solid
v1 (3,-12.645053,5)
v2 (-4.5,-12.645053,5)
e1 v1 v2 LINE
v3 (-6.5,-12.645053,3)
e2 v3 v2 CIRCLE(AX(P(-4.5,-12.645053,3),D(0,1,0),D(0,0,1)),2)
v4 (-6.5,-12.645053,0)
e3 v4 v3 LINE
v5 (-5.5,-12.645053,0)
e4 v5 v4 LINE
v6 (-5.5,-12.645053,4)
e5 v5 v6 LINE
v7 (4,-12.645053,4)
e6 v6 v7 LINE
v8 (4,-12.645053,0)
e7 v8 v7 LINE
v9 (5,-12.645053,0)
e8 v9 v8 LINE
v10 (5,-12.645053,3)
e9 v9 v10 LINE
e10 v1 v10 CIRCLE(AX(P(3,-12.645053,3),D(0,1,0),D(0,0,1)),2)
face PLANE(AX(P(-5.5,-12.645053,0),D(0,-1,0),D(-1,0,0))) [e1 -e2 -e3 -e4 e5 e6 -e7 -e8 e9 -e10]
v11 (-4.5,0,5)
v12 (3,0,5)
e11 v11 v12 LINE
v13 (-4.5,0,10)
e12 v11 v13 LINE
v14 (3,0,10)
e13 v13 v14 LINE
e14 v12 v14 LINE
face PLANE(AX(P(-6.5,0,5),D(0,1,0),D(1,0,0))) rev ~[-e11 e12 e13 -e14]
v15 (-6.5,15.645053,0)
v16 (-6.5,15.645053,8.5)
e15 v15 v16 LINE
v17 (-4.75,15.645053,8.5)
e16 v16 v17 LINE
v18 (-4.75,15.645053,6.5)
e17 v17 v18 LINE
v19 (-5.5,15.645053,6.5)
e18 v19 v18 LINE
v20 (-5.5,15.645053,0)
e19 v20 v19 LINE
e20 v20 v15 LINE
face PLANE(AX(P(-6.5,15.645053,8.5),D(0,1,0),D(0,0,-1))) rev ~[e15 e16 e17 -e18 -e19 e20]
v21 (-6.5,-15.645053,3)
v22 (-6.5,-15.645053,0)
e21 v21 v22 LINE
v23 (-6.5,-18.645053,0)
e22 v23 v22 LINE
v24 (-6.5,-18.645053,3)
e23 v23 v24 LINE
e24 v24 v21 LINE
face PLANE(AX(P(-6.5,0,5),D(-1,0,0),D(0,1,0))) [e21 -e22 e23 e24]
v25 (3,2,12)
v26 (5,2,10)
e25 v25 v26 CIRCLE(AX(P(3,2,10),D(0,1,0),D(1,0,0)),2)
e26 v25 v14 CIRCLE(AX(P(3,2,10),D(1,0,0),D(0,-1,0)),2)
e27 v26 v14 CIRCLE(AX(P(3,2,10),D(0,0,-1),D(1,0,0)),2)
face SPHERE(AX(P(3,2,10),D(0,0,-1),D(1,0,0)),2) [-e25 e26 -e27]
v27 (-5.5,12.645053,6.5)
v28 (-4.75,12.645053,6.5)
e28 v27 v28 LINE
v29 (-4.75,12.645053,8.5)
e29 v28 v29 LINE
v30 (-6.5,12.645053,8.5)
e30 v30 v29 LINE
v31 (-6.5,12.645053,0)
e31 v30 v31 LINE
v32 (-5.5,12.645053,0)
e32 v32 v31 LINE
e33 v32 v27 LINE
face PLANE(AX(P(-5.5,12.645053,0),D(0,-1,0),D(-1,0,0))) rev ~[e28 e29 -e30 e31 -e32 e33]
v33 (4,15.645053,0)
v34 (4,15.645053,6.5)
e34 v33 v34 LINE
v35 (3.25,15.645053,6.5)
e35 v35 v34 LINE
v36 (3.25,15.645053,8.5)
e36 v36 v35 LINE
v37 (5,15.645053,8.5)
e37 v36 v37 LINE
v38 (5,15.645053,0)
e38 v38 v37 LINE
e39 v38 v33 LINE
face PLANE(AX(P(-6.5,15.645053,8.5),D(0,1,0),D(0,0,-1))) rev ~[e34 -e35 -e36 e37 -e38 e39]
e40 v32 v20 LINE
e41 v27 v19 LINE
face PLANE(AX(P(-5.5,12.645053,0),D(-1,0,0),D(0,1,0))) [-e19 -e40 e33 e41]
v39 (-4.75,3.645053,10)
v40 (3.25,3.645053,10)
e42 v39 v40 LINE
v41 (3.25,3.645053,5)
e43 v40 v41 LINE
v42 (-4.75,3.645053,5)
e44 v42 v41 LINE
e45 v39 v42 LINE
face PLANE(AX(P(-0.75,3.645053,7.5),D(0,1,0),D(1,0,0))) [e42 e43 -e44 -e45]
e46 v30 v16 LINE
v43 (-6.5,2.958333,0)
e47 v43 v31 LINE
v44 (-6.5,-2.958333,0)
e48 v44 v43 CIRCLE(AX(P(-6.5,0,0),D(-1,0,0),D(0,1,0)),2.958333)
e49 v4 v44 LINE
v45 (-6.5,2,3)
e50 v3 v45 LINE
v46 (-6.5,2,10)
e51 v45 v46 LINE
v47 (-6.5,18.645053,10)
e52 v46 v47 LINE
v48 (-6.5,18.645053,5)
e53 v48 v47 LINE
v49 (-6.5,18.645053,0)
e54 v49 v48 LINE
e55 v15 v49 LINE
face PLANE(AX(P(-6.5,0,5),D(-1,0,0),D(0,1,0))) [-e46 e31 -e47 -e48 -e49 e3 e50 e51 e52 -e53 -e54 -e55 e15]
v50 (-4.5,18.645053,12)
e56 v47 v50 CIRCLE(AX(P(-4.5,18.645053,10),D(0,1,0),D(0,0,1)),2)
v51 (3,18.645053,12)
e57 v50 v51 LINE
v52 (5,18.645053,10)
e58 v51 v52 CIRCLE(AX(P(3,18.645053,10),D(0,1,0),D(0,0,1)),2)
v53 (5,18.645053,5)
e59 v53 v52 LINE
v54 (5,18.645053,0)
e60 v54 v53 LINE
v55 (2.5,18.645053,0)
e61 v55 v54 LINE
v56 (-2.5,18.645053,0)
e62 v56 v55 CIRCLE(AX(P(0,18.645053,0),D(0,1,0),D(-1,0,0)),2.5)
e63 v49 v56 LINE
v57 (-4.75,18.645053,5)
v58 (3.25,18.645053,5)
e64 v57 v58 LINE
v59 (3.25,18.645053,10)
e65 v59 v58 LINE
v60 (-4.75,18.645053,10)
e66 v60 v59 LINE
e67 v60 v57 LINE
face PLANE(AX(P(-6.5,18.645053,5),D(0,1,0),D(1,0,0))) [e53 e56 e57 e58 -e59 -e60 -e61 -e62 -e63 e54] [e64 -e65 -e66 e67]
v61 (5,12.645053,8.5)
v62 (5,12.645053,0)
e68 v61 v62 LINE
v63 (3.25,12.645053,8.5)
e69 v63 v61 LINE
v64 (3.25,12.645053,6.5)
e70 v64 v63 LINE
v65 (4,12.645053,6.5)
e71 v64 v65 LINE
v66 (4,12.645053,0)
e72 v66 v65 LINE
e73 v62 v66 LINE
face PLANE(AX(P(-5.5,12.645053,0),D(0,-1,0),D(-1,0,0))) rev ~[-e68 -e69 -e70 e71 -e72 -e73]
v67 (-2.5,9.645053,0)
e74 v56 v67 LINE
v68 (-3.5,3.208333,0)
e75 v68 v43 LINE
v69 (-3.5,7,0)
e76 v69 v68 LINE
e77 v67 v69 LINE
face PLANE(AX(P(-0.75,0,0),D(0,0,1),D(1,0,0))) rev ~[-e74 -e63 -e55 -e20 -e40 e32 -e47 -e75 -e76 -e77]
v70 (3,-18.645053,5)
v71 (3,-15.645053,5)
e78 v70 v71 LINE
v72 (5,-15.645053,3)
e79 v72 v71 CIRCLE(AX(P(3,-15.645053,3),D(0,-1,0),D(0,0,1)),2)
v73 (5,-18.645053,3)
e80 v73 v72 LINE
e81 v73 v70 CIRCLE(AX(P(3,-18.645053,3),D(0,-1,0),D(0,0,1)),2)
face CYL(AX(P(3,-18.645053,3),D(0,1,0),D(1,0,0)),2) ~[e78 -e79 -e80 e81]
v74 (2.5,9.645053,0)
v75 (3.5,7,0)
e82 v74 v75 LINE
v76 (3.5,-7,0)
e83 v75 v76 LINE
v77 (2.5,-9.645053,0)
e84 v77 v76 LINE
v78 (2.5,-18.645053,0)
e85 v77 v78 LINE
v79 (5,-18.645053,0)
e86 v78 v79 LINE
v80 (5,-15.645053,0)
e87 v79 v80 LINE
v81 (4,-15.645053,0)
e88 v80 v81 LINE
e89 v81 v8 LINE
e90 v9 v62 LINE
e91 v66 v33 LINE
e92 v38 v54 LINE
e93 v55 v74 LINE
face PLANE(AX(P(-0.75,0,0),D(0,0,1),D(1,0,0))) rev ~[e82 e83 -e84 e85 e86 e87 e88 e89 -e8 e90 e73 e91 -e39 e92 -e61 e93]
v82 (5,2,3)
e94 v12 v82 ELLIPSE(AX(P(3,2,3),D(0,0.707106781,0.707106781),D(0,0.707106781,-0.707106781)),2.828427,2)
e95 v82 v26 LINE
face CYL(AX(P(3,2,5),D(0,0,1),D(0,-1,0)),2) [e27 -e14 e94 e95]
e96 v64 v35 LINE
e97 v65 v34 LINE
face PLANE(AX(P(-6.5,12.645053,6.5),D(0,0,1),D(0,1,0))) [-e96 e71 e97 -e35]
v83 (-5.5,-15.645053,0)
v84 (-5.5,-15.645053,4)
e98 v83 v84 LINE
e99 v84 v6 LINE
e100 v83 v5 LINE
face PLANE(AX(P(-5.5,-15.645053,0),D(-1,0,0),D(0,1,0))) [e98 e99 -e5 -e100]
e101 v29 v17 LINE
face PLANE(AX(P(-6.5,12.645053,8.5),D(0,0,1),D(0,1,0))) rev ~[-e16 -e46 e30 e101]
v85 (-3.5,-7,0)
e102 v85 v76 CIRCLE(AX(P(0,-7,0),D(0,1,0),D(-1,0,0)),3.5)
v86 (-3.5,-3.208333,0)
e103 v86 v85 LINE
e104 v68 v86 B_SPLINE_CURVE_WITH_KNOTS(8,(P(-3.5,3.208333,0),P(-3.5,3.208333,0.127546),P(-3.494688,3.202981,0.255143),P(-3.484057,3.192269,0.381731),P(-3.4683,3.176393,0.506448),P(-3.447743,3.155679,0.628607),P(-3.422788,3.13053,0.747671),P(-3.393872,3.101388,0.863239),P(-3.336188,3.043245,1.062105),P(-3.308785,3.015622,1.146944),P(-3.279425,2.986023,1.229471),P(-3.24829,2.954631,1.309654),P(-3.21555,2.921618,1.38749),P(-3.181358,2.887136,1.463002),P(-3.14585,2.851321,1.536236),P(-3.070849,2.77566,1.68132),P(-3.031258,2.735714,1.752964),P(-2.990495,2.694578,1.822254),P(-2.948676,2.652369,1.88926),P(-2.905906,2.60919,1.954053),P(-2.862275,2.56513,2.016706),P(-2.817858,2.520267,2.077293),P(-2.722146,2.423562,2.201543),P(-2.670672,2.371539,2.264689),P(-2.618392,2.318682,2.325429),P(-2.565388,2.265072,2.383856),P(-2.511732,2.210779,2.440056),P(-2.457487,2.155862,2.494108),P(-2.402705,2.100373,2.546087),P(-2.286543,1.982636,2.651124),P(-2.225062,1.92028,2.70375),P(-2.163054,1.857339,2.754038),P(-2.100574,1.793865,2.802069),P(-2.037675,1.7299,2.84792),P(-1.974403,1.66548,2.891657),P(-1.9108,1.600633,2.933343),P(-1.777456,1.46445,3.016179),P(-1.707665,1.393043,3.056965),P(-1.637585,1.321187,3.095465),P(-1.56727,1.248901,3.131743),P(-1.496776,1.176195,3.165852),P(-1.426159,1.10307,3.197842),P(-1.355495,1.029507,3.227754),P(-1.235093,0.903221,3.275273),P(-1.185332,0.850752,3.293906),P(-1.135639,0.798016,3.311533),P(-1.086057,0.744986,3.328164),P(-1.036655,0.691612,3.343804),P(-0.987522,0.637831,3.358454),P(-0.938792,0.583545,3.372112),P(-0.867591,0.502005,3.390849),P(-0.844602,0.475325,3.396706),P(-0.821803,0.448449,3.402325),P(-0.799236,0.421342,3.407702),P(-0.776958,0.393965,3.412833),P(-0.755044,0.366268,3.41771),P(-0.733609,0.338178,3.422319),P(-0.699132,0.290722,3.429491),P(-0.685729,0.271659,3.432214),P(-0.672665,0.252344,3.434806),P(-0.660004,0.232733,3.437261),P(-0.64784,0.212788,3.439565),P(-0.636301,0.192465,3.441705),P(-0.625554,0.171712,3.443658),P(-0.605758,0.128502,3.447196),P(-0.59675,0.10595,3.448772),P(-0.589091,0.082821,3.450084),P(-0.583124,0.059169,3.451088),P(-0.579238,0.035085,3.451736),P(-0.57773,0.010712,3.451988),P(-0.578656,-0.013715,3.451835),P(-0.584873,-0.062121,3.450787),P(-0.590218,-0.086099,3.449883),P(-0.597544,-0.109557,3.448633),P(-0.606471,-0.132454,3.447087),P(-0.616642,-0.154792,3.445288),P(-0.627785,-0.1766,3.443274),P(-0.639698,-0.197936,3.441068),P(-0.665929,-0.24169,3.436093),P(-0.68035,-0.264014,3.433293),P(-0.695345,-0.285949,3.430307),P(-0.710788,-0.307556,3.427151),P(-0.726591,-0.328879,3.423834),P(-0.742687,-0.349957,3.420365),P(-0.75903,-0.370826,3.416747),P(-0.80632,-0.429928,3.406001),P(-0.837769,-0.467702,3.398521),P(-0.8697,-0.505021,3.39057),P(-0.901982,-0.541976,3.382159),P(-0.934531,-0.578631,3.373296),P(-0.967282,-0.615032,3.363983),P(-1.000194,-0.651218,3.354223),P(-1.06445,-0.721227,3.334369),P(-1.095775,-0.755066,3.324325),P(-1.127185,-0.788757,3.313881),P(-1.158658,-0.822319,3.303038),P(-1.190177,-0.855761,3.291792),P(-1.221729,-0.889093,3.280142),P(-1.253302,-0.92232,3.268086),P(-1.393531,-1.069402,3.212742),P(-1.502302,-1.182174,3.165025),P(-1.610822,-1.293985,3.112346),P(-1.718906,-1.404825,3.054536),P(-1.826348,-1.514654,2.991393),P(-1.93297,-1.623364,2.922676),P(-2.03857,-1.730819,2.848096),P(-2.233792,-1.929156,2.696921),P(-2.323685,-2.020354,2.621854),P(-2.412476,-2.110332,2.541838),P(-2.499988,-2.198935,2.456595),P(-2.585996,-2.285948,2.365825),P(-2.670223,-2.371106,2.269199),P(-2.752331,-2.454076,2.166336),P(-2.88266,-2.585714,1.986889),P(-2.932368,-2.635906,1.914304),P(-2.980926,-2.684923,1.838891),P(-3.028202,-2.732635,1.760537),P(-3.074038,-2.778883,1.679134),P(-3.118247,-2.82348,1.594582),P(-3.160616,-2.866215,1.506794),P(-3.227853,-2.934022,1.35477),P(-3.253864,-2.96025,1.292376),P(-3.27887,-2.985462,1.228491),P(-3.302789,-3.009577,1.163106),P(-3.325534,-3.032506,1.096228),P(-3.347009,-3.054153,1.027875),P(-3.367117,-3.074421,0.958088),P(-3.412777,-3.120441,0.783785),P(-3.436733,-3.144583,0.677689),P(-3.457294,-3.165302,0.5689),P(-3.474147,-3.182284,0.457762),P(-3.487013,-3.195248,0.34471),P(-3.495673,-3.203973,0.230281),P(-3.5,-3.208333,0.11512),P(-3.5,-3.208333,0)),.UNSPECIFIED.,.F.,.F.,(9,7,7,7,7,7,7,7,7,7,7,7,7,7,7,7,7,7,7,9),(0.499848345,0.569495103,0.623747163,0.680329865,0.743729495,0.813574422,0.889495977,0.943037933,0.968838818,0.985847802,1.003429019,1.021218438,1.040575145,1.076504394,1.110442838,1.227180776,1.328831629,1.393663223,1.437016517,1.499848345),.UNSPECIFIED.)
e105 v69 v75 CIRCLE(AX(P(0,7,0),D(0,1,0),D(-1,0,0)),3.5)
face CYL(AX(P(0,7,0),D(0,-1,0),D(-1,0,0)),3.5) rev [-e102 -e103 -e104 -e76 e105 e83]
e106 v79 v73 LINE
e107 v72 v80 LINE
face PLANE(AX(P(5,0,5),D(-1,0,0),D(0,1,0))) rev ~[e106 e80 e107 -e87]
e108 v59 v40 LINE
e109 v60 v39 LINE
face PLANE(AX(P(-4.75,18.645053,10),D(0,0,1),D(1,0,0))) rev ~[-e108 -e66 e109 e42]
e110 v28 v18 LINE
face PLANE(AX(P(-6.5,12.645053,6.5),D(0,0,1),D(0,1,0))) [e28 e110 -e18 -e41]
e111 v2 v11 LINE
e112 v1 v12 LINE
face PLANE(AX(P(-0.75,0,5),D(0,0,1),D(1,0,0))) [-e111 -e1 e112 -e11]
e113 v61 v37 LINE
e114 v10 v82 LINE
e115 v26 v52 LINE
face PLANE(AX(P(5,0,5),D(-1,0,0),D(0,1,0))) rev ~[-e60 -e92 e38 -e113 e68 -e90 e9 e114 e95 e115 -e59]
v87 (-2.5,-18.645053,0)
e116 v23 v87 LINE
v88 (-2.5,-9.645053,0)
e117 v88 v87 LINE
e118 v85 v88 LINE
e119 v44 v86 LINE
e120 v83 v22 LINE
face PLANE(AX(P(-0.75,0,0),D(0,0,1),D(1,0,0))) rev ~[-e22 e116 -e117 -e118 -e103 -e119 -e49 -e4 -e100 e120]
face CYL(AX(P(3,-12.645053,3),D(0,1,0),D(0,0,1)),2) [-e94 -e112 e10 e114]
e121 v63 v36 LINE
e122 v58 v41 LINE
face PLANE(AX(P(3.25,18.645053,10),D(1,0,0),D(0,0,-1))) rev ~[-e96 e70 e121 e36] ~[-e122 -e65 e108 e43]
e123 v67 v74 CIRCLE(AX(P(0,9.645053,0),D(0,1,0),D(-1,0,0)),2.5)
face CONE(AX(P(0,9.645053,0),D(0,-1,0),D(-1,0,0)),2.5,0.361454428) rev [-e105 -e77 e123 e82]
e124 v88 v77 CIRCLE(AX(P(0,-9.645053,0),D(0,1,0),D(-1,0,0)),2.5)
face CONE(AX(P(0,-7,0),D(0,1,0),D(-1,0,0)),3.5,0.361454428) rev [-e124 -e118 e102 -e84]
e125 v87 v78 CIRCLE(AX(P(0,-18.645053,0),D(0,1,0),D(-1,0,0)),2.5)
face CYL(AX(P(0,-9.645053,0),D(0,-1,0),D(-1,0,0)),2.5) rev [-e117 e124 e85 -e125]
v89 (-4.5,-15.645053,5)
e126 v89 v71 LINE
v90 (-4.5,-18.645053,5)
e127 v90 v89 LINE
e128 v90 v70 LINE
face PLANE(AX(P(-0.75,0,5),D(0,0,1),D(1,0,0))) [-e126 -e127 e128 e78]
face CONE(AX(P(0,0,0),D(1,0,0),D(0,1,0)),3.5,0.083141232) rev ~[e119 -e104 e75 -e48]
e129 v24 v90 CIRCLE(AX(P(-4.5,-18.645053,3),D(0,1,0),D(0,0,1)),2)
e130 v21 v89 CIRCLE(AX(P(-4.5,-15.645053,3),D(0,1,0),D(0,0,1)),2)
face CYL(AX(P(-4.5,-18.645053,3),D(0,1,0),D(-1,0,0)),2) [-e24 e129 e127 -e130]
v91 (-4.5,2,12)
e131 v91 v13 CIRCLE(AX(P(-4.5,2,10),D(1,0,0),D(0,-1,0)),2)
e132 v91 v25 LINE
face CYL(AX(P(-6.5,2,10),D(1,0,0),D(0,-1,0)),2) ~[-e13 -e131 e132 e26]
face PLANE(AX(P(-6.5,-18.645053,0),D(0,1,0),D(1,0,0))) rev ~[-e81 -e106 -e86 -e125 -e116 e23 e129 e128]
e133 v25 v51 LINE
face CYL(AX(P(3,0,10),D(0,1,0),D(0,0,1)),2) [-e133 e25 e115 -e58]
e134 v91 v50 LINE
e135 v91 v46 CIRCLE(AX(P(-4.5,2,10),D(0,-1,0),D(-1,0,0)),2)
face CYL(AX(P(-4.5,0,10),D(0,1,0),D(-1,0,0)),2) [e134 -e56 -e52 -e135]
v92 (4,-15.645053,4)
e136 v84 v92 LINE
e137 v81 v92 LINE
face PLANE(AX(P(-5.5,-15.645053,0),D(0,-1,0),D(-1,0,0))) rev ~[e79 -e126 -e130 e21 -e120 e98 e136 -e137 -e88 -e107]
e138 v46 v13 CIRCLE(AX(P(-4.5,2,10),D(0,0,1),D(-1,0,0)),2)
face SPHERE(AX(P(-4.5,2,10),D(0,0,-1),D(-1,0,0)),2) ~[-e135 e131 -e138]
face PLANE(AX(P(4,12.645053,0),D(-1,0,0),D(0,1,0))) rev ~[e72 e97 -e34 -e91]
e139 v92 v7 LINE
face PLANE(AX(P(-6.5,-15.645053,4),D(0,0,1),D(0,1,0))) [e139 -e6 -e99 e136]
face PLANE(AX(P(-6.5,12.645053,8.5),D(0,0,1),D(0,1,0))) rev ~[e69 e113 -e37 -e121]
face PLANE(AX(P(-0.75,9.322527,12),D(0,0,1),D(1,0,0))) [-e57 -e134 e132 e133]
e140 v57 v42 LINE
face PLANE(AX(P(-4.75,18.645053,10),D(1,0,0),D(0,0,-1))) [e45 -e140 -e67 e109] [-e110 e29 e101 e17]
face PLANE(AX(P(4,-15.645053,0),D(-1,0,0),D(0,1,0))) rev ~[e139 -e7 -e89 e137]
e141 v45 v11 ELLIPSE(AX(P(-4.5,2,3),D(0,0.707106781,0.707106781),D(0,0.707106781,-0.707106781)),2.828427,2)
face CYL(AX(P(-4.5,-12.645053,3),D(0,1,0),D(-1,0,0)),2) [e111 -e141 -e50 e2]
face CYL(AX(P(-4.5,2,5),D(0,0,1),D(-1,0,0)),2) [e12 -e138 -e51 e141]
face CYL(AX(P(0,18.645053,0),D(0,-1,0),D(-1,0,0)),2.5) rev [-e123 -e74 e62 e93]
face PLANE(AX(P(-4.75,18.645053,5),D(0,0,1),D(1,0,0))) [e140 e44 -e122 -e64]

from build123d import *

# Parameters (mm, degrees)
CROQUIS2_W              = 11.5
CROQUIS2_H              = 37.290106074
SALIENTE_EXTRUIR1_DEPTH = 5
CROQUIS6_W              = 11.5
CROQUIS6_H              = 18.645053037
SALIENTE_EXTRUIR2_DEPTH = 7
CROQUIS4_W              = 1
CROQUIS4_H              = 3
CORTAR_EXTRUIR2_DEPTH   = 6.5
CORTAR_EXTRUIR3_START   = -10.5
CROQUIS5_W              = 2
CROQUIS5_H              = 3
CROQUIS5_W_2            = 3.958309594
CORTAR_EXTRUIR3_DEPTH   = 11.5
CROQUIS7_W              = 8
CROQUIS7_H              = 5
CORTAR_EXTRUIR4_DEPTH   = 15
REDONDEO1_R             = 2


with BuildPart() as part:
    # Croquis2 → Saliente-Extruir1 (new body)
    with BuildSketch(Plane.XY):
        with Locations((-0.75, 0)):
            Rectangle(CROQUIS2_W, CROQUIS2_H)
    extrude(amount=SALIENTE_EXTRUIR1_DEPTH)

    # Croquis2<4> → Cortar-Revolución1 (revolve, cut)
    with BuildSketch(Plane.XY):
        Polygon((-2.5, -18.645053037), (0, -18.645053037), (0, 18.645053037), (-2.5, 18.645053037), (-2.5, 9.645053037), (-3.5, 7), (-3.5, -7), (-2.5, -9.645053037), align=None)
    revolve(axis=Axis((0, 7, 0), (0, 1, 0)), mode=Mode.SUBTRACT)

    # Croquis3 → Cortar-Revolución2 (revolve, cut)
    with BuildSketch(Plane(origin=(0, 0, 0), x_dir=(-1, 0, 0), z_dir=(0, 0, -1))):
        Polygon((0, 0), (0, 3.5), (12, 2.5), (12, 0), align=None)
    revolve(axis=Axis((0, 0, 0), (-1, 0, 0)), mode=Mode.SUBTRACT)

    # Croquis6 → Saliente-Extruir2 (add)
    with BuildSketch(Plane.XY.offset(5)):
        with Locations((-0.75, 9.322526519)):
            Rectangle(CROQUIS6_W, CROQUIS6_H)
    extrude(amount=SALIENTE_EXTRUIR2_DEPTH)

    # Croquis4 → Cortar-Extruir2 (cut)
    with BuildSketch(Plane(origin=(0, 0, 0), x_dir=(-1, 0, 0), z_dir=(0, 0, -1))):
        with Locations((-4.5, 14.145053037)):
            Rectangle(CROQUIS4_W, CROQUIS4_H)
        with Locations((6, 14.145053037)):
            Rectangle(CROQUIS4_W, CROQUIS4_H)
        with Locations((6, -14.145053037)):
            Rectangle(CROQUIS4_W, CROQUIS4_H)
        with Locations((-4.5, -14.145053037)):
            Rectangle(CROQUIS4_W, CROQUIS4_H)
    extrude(amount=-CORTAR_EXTRUIR2_DEPTH, mode=Mode.SUBTRACT)

    # Croquis5 → Cortar-Extruir3 (cut)
    with BuildSketch(Plane(origin=(4, 0, 0), x_dir=(0, 0, -1), z_dir=(1, 0, 0)).offset(CORTAR_EXTRUIR3_START)):
        with Locations((-7.5, 14.145053037)):
            Rectangle(CROQUIS5_W, CROQUIS5_H)
        with Locations((-5.979154797, -14.145053037)):
            Rectangle(CROQUIS5_W_2, CROQUIS5_H)
    extrude(amount=CORTAR_EXTRUIR3_DEPTH, mode=Mode.SUBTRACT)

    # Croquis7 → Cortar-Extruir4 (cut)
    with BuildSketch(Plane(origin=(0, 18.645053037, 0), x_dir=(1, 0, 0), z_dir=(0, 1, 0))):
        with Locations((-0.75, -7.5)):
            Rectangle(CROQUIS7_W, CROQUIS7_H)
    extrude(amount=-CORTAR_EXTRUIR4_DEPTH, mode=Mode.SUBTRACT)

    # Redondeo1
    redondeo1_edges = [part.edges().sort_by_distance(p)[0] for p in [
        (-6.5, -6.322526519, 5),
        (5, -6.322526519, 5),
        (5, 0, 8.5),
        (-6.5, 0, 8.5),
        (5, 9.322526519, 12),
        (-6.5, 9.322526519, 12),
        (-0.75, 0, 12),
        (5, -17.145053037, 5),
        (-6.5, -17.145053037, 5),
    ]]
    fillet(redondeo1_edges, radius=REDONDEO1_R)


solid = part.part
